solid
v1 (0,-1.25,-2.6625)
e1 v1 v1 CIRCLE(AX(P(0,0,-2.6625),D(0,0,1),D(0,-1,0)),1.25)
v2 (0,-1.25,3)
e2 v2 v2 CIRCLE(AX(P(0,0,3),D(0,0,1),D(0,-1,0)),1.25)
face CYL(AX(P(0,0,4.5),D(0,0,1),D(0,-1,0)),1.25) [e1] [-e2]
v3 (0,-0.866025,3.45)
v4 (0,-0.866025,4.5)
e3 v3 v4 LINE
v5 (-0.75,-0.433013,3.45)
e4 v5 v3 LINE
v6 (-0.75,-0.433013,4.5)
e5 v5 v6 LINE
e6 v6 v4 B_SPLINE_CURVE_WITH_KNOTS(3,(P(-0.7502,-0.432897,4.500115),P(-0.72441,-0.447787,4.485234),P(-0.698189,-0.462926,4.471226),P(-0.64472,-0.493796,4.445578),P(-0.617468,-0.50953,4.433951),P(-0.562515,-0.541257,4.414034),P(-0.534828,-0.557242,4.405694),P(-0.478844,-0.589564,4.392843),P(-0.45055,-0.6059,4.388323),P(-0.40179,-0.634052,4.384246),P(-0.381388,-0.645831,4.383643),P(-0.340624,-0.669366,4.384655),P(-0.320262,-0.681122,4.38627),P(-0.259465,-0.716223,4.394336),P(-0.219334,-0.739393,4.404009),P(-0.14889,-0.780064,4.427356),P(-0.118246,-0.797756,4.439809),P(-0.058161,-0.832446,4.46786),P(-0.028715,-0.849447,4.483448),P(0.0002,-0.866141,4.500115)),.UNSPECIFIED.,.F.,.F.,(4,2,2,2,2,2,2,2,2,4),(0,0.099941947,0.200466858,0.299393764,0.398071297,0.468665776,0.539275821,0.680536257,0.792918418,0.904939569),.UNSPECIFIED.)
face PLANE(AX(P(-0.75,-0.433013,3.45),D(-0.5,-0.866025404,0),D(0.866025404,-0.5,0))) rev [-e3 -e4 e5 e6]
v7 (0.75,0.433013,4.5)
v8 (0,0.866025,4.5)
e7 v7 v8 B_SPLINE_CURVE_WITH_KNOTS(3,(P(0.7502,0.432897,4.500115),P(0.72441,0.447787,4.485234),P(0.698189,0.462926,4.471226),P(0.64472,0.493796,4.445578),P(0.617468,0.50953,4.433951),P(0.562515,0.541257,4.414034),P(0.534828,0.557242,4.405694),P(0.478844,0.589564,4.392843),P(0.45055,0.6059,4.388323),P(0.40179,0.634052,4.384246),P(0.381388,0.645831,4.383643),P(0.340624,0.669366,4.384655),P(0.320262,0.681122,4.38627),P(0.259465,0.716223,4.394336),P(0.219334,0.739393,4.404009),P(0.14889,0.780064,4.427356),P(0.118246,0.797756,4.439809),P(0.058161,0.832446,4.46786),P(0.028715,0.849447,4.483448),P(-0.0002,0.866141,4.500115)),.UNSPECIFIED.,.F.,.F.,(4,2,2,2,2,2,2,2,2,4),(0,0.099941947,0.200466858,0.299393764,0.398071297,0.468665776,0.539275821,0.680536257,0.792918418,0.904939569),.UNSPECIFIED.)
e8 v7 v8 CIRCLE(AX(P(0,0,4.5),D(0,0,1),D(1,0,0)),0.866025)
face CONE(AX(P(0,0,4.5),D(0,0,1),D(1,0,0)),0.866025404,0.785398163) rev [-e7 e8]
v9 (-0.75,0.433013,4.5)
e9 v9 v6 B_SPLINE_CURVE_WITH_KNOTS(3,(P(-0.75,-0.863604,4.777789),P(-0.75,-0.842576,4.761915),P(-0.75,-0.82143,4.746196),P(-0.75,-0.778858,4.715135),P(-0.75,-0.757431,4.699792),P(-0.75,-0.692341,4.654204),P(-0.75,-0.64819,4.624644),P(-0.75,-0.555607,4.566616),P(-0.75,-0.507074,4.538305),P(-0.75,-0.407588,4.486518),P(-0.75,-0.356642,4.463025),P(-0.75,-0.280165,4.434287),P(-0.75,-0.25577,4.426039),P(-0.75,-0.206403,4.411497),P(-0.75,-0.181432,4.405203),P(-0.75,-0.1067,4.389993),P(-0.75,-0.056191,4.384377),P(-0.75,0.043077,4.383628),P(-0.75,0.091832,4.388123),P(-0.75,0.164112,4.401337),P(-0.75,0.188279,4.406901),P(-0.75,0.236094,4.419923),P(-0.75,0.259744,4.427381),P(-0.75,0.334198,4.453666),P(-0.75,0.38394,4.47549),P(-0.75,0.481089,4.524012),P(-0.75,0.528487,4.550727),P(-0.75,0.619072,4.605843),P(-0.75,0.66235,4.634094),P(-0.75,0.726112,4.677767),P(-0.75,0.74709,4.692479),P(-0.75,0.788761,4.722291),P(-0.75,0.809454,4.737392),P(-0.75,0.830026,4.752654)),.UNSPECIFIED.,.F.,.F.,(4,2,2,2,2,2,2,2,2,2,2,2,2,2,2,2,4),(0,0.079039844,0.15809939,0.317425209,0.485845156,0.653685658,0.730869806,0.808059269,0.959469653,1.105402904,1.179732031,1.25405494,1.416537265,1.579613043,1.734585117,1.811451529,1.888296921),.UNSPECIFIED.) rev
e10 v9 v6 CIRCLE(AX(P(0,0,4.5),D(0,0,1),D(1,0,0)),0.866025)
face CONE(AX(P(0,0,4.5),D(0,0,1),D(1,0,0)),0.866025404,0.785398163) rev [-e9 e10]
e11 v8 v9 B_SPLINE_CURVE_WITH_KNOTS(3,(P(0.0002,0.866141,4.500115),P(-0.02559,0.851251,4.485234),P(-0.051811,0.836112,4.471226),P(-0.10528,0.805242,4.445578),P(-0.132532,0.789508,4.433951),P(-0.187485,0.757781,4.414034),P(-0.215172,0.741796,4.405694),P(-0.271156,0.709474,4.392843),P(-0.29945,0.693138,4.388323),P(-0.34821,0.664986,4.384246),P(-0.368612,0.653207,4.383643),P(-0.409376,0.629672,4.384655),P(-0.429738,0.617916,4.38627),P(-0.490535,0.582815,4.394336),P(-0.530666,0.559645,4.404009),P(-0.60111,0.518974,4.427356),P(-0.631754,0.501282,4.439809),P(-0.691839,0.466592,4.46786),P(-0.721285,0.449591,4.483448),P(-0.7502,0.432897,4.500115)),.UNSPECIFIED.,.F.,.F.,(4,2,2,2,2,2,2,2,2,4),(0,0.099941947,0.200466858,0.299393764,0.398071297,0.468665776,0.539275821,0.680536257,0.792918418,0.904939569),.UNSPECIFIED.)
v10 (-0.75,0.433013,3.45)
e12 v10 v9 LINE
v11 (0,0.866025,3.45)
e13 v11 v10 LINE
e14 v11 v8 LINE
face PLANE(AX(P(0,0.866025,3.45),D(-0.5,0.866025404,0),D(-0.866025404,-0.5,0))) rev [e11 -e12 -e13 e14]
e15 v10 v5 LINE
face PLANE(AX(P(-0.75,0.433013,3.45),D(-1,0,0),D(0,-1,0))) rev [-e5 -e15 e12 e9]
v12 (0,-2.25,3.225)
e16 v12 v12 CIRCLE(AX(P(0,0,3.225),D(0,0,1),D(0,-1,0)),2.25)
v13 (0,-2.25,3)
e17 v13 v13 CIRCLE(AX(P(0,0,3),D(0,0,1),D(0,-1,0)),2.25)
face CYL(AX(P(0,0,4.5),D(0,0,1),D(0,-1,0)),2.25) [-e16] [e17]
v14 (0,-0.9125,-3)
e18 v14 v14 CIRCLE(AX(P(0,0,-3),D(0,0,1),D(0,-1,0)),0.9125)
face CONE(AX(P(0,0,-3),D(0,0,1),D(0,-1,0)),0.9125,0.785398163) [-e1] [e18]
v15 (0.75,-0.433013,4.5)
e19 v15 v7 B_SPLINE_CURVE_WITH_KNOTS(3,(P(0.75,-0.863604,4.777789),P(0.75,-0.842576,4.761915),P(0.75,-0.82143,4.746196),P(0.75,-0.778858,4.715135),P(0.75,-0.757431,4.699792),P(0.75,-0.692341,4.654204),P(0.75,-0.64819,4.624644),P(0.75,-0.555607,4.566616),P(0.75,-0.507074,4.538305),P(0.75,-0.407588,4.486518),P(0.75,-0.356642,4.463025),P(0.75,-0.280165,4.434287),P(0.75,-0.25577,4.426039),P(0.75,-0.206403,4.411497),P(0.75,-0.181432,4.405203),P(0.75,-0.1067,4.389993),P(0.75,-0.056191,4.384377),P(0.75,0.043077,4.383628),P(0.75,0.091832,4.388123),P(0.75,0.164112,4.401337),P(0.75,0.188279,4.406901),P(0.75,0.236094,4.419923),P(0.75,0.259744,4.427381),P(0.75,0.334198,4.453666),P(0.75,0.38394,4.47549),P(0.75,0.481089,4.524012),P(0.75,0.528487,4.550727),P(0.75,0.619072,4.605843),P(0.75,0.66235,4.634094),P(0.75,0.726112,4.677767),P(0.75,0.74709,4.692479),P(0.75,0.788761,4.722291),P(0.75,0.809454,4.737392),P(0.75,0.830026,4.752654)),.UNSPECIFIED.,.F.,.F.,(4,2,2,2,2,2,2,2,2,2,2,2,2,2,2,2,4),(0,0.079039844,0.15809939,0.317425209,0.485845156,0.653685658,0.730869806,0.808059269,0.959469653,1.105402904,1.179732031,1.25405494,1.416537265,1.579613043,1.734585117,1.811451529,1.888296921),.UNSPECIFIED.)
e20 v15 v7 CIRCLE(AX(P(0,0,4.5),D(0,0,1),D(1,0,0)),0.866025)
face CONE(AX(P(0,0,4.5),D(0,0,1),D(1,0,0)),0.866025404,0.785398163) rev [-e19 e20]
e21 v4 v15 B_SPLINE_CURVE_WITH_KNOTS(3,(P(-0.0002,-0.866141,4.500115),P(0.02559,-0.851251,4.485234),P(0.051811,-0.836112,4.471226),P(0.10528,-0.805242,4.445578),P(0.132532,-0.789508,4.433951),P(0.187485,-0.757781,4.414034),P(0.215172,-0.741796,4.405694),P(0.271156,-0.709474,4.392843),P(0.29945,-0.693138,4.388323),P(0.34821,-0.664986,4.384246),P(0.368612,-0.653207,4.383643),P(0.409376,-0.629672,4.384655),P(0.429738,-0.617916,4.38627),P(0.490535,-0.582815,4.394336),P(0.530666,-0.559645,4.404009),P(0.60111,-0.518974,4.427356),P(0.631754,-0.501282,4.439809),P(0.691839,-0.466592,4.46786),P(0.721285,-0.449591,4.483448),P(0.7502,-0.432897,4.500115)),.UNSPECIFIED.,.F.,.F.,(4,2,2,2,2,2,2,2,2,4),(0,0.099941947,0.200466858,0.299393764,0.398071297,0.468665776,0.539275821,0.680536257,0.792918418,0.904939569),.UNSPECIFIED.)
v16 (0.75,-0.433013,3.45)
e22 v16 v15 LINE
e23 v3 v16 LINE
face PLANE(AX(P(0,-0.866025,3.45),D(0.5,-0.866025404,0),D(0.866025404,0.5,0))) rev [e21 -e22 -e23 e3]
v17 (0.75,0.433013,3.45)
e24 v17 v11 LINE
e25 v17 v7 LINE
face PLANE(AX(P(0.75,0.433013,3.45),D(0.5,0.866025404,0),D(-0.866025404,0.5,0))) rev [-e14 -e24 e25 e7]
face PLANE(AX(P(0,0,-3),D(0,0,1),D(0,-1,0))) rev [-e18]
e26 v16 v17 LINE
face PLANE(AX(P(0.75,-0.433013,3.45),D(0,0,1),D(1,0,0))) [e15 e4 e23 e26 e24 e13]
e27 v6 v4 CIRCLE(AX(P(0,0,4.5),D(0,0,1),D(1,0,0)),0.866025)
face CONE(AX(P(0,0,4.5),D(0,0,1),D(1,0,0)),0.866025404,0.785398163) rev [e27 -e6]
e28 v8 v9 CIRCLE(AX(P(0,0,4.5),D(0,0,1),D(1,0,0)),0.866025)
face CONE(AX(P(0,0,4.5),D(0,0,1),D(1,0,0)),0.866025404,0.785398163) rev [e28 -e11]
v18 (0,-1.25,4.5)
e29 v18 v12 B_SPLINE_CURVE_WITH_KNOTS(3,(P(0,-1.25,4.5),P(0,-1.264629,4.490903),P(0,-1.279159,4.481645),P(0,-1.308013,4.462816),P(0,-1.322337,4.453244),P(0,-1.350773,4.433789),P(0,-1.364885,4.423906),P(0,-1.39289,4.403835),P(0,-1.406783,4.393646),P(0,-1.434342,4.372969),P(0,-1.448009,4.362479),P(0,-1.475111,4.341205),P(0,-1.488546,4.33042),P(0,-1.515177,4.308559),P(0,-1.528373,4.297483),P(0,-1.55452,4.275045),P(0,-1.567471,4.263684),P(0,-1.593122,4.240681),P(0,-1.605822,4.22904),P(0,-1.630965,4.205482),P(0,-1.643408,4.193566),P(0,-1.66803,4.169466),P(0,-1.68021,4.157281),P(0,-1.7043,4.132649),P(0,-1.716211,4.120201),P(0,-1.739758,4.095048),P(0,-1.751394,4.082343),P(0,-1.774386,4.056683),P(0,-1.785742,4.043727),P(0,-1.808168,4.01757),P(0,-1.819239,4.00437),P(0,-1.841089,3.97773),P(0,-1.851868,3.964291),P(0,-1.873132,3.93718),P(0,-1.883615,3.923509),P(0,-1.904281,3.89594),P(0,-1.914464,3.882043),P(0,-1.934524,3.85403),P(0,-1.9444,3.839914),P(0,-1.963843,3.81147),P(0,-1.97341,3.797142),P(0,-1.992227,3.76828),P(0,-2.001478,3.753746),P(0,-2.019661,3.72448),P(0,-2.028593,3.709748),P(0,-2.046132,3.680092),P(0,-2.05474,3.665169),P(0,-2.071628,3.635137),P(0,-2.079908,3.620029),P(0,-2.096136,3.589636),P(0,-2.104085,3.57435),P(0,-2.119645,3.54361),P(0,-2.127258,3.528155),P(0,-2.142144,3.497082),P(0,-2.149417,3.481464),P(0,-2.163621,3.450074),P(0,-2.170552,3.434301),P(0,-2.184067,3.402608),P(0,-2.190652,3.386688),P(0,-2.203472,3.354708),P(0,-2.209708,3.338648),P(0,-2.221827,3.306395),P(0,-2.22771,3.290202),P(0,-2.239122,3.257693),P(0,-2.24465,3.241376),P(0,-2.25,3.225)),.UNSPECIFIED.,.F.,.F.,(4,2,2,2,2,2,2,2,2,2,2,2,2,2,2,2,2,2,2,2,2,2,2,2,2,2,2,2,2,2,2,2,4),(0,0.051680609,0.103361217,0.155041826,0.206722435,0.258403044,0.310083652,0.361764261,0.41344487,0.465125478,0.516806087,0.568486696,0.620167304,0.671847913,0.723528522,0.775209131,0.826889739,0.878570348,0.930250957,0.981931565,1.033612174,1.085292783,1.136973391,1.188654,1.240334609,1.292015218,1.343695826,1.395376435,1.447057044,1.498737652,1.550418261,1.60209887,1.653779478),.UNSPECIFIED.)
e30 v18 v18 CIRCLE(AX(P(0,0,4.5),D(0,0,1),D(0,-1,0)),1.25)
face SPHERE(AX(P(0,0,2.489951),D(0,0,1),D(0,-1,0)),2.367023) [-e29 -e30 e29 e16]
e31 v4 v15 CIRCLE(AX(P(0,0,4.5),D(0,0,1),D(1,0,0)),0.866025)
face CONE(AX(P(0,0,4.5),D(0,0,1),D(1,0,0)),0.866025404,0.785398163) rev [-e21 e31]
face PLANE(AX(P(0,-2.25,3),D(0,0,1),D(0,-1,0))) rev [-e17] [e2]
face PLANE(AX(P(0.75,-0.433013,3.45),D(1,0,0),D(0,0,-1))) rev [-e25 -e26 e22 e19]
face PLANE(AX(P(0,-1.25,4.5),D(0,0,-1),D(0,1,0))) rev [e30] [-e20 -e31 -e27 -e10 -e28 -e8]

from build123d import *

# Parameters (mm, degrees)
CUT_EXTRUDE2_DEPTH = 1.05


with BuildPart() as part:
    # Sketch10 → Revolve3 (revolve)
    with BuildSketch(Plane(origin=(0, 0, 0), x_dir=(0, 0, -1), z_dir=(1, 0, 0))):
        Polygon((2.6625, 1.25), (3, 0.9125), (3, 0), (-3, 0), (-3, 1.25), align=None)
    revolve(axis=Axis((0, 0, 4.5), (0, 0, -1)))

    # Sketch7 → Revolve2 (revolve)
    with BuildSketch(Plane(origin=(0, 0, 0), x_dir=(0, 0, -1), z_dir=(1, 0, 0))):
        with BuildLine():
            Line((-3.225, 2.25), (-3, 2.25))
            Line((-3, 2.25), (-3, 0))
            Line((-3, 0), (-4.5, 0))
            Line((-4.5, 0), (-4.5, 1.25))
            ThreePointArc((-4.5, 1.25), (-3.950735294, 1.8625), (-3.225, 2.25))
        make_face()
    revolve(axis=Axis((0, 0, 4.5), (0, 0, -1)))

    # Sketch5 → Cut-Extrude2 (cut)
    with BuildSketch(Plane.XY.offset(4.5)):
        Polygon((0.75, -0.433012702), (0.75, 0.433012702), (0, 0.866025404), (-0.75, 0.433012702), (-0.75, -0.433012702), (0, -0.866025404), align=None)
    extrude(amount=-CUT_EXTRUDE2_DEPTH, mode=Mode.SUBTRACT)

    # Cut-Extrude3 cone 1 section (through the dimple's axis) → Cut-Extrude3 (revolve, cut)
    with BuildSketch(Plane(origin=(0, 0, 4.5), x_dir=(0, -1, 0), z_dir=(1, 0, 0))):
        Polygon((0, 0), (0.866025404, 0), (0, 0.866025404), align=None)
    revolve(axis=Axis((0, 0, 4.5), (0, 0, -1)), mode=Mode.SUBTRACT)


solid = part.part
